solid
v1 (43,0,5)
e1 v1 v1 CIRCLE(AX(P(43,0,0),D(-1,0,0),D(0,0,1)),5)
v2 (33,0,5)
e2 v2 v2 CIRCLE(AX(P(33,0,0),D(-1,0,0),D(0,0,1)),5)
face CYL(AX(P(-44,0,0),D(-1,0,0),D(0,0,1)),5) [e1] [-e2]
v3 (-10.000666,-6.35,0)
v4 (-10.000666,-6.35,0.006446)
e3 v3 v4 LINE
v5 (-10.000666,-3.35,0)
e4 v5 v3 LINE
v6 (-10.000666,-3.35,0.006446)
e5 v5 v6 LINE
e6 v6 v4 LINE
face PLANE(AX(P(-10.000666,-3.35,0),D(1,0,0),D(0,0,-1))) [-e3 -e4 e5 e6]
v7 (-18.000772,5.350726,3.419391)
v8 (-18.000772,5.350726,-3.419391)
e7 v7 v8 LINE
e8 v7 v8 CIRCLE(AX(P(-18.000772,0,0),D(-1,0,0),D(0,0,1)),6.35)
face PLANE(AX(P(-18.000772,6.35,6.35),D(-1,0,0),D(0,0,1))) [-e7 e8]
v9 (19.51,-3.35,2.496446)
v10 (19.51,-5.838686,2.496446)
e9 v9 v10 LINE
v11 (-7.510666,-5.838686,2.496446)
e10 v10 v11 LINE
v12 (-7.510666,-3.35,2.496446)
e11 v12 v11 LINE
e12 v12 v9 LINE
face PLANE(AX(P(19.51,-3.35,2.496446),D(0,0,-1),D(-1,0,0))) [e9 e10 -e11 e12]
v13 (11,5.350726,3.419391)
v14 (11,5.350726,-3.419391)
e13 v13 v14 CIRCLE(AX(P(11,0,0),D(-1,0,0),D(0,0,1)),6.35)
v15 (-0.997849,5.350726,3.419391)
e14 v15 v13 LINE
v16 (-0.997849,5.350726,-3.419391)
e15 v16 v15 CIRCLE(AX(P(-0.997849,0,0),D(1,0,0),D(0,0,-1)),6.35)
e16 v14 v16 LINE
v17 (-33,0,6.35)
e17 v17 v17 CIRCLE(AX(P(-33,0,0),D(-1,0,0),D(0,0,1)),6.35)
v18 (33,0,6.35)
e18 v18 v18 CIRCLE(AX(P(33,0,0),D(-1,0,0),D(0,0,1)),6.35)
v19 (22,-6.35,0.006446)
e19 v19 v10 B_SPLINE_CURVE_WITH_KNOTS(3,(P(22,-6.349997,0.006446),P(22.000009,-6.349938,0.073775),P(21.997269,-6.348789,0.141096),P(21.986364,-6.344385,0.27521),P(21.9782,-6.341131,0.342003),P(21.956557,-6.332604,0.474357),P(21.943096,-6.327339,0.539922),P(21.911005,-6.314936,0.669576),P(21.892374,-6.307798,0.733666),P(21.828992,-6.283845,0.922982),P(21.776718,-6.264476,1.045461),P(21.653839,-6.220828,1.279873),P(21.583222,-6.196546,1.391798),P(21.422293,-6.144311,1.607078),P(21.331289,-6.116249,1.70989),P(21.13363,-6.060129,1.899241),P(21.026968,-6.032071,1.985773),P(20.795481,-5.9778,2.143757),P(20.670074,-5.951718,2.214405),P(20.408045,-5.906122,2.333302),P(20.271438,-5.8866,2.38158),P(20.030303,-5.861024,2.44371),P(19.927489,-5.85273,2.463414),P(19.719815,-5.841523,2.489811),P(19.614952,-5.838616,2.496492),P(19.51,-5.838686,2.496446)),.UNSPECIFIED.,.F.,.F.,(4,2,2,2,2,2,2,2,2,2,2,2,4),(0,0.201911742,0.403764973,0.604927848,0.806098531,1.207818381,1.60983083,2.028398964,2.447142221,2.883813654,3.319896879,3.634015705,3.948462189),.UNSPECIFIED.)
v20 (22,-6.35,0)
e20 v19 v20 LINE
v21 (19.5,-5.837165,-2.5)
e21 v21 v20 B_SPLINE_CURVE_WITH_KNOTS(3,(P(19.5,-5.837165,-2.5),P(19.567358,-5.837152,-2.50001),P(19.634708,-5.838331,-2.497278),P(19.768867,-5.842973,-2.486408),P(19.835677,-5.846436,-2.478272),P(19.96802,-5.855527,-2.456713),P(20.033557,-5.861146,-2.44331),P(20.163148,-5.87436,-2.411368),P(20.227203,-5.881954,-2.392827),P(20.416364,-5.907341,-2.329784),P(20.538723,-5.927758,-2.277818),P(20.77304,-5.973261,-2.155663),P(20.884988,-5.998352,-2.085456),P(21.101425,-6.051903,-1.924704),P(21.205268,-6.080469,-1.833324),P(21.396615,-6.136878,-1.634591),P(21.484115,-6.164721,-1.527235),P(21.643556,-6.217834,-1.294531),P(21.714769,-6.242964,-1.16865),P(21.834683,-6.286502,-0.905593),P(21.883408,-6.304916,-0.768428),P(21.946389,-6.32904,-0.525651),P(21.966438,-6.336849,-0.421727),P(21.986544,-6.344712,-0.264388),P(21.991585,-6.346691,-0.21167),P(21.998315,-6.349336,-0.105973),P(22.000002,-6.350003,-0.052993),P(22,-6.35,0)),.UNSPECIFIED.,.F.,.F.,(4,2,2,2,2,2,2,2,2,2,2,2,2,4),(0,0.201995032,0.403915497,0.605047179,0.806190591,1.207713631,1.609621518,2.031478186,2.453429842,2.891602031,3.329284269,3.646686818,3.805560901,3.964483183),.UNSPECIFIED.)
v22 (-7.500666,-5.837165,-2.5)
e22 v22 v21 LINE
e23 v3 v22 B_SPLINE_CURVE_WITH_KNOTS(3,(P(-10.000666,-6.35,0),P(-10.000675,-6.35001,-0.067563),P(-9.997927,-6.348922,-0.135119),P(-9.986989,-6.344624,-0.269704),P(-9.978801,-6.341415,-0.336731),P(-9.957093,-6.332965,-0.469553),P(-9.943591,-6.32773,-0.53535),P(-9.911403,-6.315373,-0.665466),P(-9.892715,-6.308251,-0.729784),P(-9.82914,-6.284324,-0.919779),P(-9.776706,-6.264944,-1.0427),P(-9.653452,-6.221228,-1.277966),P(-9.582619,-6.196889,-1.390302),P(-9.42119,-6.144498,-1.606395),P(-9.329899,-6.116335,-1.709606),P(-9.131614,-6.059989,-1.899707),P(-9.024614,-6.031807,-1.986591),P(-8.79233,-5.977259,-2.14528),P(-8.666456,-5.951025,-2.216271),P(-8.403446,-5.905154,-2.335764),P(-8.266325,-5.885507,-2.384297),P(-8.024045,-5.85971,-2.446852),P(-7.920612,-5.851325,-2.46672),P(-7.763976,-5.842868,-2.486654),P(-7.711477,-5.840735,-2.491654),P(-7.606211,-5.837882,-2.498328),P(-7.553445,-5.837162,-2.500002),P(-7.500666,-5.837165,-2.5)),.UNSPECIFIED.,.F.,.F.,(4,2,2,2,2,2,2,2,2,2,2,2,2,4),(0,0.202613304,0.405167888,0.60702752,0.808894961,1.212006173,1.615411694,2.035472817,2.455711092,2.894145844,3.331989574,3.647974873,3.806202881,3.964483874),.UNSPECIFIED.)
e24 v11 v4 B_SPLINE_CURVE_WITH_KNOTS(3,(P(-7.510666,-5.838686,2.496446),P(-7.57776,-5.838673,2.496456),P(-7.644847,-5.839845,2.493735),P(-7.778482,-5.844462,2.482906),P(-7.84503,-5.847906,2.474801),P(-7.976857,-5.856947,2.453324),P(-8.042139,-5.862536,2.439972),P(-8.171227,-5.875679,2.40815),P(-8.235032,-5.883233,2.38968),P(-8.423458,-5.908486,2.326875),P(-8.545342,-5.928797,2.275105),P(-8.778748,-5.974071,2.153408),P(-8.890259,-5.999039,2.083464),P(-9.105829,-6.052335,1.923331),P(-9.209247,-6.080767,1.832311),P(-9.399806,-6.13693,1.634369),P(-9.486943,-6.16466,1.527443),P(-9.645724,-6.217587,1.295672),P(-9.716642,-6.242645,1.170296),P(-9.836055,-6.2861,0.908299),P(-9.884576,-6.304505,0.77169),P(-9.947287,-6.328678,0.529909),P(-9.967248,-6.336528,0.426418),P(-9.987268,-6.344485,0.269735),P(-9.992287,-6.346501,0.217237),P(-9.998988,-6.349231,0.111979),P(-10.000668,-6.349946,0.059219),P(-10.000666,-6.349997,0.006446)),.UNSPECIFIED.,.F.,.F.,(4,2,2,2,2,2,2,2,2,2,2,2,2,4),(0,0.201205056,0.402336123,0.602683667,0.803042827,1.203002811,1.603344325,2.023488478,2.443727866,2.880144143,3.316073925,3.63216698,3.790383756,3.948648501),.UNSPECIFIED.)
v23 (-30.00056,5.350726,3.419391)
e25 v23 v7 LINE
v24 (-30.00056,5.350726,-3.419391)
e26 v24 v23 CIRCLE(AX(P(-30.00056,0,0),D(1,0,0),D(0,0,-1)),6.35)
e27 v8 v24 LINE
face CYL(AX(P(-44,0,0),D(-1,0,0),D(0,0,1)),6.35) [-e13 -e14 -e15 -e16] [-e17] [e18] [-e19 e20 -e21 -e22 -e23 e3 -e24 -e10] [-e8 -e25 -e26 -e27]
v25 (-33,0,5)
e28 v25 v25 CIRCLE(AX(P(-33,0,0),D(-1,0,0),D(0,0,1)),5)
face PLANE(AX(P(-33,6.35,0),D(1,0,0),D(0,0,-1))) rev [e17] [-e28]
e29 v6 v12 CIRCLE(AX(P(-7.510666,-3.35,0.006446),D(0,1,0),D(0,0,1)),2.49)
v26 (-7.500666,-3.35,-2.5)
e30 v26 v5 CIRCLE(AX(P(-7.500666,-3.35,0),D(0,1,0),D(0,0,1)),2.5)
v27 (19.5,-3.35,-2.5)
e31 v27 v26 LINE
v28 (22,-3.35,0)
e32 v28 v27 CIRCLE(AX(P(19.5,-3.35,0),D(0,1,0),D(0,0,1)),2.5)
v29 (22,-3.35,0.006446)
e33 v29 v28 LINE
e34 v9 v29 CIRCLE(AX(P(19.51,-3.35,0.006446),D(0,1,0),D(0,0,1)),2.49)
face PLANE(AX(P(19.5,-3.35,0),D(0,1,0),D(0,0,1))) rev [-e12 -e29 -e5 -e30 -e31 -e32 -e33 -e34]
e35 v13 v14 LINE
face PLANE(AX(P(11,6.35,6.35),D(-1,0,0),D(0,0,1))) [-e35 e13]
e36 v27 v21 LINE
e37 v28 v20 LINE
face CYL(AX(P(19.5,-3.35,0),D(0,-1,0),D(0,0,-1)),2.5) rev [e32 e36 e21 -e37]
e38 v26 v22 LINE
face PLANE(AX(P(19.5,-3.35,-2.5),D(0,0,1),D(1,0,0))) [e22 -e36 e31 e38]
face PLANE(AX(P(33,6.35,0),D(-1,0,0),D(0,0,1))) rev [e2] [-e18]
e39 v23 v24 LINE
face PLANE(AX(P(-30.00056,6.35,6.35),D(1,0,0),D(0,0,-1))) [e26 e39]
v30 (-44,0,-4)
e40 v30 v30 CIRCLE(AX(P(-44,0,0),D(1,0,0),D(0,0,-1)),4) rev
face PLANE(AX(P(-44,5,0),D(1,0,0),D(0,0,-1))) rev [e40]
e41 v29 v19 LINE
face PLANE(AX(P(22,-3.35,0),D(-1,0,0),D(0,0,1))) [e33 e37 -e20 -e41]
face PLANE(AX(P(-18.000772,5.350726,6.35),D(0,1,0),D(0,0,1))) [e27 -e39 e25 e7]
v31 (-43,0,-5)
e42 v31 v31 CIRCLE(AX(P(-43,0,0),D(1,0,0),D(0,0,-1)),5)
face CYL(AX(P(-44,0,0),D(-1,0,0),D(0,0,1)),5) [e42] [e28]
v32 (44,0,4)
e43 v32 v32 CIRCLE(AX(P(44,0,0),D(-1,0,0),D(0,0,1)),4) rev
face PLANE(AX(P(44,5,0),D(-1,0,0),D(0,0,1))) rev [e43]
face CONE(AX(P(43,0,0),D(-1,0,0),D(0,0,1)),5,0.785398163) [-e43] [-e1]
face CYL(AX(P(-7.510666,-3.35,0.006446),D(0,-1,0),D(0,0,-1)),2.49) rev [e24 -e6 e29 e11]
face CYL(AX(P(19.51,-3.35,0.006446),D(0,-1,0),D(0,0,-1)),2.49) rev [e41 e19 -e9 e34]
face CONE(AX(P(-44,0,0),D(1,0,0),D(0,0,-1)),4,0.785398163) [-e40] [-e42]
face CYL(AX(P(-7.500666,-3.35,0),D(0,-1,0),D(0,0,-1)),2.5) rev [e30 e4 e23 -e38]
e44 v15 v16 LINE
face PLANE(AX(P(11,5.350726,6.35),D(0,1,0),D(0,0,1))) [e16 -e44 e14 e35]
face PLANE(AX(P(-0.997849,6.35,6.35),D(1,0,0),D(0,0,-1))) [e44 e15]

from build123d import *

# Parameters (mm, degrees)
CHAMFER1_SIZE           = 1
CUT_EXTRUDE1_DEPTH      = 45.907070713
CUT_EXTRUDE1_DEPTH_BACK = 45.907070713
SKETCH3_W               = 11.997849067
SKETCH3_H               = 0.999274346
SKETCH3_W_2             = 11.999787666
CUT_EXTRUDE2_DEPTH      = 3


with BuildPart() as part:
    # Sketch2 → Revolve1 (revolve)
    with BuildSketch(Plane.XY, mode=Mode.PRIVATE) as revolve1_sk:
        Polygon((33, 6.35), (-33, 6.35), (-33, 5), (-44, 5), (-44, 0), (44, 0), (44, 5), (33, 5), align=None)
    revolve(revolve1_sk.sketch.rotate(Axis((-44, 0, 0), (1, 0, 0)), 90), axis=Axis((-44, 0, 0), (1, 0, 0)))

    # Chamfer1
    chamfer1_edges = [part.edges().sort_by_distance(p)[0] for p in [
        (44, 0, -5),
        (-44, 0, -5),
    ]]
    chamfer(chamfer1_edges, length=CHAMFER1_SIZE)

    # Sketch3 → Cut-Extrude1 (cut, two sides: drawn at the far end of the back side and taken through both)
    with BuildSketch(Plane.XY.offset(-CUT_EXTRUDE1_DEPTH_BACK)):
        with Locations((5.001075466, 5.850362827)):
            Rectangle(SKETCH3_W, SKETCH3_H)
        with Locations((-24.000665712, 5.850362827)):
            Rectangle(SKETCH3_W_2, SKETCH3_H)
    extrude(amount=CUT_EXTRUDE1_DEPTH + CUT_EXTRUDE1_DEPTH_BACK, mode=Mode.SUBTRACT)

    # Sketch6 → Cut-Extrude2 (cut)
    with BuildSketch(Plane(origin=(0, -6.35, 0), x_dir=(1, 0, 0), z_dir=(0, 1, 0))):
        with BuildLine():
            Line((19.5, 2.5), (-7.500665679, 2.5))
            ThreePointArc((-7.500665679, 2.5), (-9.268432632, 1.767766953), (-10.000665679, 0))
            Line((-10.000665679, 0), (-10.000665679, -0.006446088))
            ThreePointArc((-10.000665679, -0.006446088), (-9.271361564, -1.767141973), (-7.510665679, -2.496446088))
            Line((-7.510665679, -2.496446088), (19.51, -2.496446088))
            ThreePointArc((19.51, -2.496446088), (21.270695885, -1.767141973), (22, -0.006446088))
            Line((22, -0.006446088), (22, 0))
            ThreePointArc((22, 0), (21.267766953, 1.767766953), (19.5, 2.5))
        make_face()
    extrude(amount=CUT_EXTRUDE2_DEPTH, mode=Mode.SUBTRACT)


solid = part.part
